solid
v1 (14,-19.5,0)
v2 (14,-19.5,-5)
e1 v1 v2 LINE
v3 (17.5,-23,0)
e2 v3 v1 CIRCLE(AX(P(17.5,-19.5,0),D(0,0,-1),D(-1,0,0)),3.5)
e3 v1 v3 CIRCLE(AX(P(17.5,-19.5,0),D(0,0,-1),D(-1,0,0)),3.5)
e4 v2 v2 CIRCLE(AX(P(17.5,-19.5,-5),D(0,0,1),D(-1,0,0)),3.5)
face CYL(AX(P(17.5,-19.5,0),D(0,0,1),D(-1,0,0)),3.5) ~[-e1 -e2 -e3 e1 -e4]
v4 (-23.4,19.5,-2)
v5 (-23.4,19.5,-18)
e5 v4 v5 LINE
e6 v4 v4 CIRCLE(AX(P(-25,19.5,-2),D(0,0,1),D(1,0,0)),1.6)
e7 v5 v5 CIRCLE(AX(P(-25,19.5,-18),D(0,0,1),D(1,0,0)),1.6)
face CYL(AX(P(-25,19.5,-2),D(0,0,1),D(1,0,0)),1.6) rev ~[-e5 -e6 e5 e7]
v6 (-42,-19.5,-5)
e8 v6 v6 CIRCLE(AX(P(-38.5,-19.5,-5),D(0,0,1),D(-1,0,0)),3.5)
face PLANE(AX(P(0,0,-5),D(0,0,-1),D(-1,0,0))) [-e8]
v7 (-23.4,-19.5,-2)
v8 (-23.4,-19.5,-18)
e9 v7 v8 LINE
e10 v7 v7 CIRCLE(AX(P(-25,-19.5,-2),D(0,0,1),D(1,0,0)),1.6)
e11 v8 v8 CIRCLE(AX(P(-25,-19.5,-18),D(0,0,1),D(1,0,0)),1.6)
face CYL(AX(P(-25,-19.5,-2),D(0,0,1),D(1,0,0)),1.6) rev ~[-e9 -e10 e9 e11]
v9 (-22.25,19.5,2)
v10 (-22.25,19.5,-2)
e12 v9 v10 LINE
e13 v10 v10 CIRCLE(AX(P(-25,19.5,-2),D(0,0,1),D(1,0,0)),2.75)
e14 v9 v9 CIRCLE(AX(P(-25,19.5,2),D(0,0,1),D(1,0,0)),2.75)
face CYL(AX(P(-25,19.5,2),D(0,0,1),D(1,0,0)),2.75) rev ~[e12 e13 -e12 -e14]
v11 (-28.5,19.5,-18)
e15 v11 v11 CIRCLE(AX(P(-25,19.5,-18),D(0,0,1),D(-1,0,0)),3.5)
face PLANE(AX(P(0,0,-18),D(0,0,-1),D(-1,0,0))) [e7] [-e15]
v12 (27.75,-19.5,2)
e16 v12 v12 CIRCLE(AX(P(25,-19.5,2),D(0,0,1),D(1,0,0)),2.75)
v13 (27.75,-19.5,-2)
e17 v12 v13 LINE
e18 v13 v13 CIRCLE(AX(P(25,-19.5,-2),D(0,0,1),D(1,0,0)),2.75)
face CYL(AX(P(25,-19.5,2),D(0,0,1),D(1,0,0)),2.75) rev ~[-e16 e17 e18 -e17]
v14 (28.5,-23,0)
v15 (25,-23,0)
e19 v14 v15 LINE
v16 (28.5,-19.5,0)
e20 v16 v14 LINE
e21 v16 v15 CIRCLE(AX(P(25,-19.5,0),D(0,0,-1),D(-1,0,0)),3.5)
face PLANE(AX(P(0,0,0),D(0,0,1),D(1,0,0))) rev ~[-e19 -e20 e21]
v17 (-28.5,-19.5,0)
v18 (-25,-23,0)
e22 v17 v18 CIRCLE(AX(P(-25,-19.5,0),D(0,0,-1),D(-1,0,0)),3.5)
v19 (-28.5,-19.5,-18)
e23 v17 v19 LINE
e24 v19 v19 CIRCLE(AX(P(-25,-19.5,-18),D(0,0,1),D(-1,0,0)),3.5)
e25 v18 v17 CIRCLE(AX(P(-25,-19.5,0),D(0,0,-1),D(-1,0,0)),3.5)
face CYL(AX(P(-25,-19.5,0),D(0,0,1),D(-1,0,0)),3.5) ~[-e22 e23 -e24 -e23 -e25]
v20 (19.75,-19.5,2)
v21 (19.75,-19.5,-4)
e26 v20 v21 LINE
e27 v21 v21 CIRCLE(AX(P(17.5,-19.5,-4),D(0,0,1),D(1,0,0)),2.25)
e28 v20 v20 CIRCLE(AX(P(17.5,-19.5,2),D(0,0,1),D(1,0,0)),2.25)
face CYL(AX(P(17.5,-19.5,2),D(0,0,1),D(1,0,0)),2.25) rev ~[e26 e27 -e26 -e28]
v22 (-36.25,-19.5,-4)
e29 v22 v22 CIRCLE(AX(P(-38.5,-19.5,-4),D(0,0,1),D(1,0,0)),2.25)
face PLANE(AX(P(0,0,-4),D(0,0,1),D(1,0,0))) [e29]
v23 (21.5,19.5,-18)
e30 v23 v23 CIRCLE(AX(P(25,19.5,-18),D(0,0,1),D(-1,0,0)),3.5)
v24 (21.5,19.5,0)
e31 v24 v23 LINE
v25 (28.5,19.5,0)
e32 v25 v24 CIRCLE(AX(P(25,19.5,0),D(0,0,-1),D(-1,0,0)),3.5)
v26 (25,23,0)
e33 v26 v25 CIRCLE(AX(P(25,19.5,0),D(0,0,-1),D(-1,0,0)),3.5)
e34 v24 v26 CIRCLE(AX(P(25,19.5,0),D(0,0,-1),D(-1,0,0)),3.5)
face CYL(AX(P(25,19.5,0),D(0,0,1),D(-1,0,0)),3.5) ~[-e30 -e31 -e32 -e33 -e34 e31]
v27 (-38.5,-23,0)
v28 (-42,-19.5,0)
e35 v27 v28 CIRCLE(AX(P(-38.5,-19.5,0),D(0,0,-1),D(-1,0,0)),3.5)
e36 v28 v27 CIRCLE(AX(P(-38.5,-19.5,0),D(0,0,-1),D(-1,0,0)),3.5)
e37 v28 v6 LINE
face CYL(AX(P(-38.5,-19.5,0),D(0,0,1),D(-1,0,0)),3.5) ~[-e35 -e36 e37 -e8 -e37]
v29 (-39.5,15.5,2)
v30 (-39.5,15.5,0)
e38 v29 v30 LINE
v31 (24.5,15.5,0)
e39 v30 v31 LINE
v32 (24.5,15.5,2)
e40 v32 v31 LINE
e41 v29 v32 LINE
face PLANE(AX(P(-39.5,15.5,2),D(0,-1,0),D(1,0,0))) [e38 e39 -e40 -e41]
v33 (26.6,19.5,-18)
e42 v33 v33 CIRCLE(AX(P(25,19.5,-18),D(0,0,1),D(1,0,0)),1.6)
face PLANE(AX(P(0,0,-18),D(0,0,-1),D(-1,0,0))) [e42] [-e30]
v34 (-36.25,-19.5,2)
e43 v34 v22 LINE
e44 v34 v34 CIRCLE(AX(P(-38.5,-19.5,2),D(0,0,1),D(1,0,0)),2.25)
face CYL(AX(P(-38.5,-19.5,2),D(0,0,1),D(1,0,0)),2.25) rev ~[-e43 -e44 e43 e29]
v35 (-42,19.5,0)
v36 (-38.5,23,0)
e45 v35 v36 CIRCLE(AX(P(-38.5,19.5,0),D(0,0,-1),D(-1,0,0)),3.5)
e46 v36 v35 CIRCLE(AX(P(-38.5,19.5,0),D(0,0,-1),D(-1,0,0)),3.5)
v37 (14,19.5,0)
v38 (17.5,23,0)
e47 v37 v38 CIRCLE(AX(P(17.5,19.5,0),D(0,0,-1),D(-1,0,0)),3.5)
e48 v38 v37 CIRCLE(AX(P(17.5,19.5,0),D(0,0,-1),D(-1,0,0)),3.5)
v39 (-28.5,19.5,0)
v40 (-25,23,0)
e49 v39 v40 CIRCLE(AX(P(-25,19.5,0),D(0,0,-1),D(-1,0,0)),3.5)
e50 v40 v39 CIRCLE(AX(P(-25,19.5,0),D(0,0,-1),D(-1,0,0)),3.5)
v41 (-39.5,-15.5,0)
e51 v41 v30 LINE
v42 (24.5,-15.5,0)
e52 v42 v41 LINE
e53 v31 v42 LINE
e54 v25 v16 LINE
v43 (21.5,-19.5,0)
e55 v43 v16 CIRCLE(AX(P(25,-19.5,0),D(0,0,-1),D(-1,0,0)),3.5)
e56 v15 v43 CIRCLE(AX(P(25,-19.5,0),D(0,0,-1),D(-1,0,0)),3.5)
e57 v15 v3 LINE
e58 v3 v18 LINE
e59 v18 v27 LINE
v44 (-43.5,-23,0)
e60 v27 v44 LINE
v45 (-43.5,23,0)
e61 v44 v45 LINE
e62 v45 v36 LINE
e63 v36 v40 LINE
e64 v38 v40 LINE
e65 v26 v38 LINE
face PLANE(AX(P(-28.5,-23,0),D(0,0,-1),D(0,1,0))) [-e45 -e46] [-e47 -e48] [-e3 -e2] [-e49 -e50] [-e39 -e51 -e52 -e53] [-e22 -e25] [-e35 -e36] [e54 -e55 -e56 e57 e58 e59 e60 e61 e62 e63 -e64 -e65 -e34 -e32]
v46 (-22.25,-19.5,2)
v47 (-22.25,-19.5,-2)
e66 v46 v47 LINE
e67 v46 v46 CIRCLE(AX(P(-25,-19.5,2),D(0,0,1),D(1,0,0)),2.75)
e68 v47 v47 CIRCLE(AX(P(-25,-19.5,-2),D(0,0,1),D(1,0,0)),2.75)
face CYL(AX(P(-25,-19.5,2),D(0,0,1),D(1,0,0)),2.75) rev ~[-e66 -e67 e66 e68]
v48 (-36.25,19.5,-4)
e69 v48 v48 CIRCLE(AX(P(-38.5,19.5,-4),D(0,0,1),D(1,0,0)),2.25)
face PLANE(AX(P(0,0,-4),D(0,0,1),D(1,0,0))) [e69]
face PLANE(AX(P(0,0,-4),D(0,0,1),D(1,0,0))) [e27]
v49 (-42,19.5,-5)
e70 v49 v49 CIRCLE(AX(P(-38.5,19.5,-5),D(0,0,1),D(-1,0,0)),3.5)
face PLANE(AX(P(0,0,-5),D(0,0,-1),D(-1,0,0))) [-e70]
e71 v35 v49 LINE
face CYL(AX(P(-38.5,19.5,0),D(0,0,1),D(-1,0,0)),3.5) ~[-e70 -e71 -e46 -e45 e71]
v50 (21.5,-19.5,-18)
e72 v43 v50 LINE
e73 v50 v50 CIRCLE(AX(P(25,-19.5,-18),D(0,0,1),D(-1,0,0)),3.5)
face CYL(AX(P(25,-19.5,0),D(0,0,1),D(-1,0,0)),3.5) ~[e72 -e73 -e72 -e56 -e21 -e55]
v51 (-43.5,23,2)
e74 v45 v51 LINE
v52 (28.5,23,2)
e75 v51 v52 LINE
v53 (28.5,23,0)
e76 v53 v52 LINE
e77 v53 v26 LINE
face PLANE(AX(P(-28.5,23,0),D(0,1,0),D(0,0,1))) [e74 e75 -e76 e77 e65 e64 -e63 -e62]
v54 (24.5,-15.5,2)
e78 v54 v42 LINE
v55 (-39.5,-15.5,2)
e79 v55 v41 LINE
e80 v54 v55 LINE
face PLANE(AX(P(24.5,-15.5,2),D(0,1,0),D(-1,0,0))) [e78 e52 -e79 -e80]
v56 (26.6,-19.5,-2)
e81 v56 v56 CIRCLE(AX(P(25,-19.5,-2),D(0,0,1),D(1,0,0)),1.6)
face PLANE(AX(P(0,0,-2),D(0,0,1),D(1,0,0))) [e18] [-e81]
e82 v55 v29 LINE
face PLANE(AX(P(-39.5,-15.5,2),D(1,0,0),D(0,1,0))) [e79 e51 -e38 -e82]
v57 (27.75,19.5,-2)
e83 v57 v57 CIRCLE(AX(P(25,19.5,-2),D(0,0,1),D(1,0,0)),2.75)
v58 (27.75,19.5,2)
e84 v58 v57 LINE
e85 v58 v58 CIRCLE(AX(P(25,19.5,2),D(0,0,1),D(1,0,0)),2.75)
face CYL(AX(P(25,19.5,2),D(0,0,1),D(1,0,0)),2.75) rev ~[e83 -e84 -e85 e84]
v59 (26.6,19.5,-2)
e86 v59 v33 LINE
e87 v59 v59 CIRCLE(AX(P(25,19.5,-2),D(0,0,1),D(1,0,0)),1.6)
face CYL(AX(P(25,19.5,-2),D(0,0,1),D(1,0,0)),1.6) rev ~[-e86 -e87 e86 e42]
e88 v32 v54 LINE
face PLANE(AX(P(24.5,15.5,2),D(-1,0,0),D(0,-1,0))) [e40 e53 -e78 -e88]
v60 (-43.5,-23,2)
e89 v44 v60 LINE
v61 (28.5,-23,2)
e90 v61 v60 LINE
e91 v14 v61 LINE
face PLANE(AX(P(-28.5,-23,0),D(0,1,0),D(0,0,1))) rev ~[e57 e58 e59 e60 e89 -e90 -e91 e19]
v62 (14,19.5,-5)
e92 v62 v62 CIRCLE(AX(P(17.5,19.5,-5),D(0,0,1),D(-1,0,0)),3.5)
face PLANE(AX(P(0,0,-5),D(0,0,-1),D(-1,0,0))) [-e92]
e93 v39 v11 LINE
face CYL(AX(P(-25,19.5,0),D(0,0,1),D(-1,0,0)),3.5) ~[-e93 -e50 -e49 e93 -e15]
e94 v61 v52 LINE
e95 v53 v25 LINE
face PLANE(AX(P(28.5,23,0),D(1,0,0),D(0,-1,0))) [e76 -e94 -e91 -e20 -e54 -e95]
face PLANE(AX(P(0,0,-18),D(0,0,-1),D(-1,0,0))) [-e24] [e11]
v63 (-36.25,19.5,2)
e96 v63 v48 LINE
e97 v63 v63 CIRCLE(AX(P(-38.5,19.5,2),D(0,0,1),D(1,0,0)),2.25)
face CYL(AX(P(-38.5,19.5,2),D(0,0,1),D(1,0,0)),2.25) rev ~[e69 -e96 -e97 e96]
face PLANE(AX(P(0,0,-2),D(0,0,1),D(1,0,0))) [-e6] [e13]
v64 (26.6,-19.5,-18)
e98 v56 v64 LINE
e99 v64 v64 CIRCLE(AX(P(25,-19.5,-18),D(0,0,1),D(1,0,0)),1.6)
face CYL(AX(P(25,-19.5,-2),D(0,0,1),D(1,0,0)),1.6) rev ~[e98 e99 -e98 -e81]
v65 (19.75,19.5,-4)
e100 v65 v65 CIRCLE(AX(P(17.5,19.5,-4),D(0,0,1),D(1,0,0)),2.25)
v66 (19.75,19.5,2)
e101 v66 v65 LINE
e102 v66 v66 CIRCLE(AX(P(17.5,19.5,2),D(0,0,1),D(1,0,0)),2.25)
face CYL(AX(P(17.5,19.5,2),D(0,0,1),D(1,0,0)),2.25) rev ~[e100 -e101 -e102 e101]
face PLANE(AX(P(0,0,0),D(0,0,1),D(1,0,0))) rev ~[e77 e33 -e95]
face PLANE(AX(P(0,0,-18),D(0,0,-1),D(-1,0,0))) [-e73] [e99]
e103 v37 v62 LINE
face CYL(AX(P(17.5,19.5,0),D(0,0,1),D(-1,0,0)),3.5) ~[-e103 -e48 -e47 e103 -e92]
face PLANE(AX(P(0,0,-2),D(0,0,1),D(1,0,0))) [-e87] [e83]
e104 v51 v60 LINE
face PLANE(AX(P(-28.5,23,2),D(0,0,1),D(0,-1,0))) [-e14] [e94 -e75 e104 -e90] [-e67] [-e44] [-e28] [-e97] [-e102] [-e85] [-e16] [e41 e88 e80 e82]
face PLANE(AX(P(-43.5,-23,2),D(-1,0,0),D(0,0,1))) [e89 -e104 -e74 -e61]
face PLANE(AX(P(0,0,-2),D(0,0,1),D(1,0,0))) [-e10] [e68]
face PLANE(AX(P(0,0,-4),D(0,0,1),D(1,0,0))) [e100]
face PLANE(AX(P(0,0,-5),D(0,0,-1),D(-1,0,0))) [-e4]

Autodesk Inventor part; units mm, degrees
ref_plane "YZ Plane" through (0, 0, 0) normal (1, 0, 0) x (0, 1, 0)
ref_plane "XZ Plane" through (0, 0, 0) normal (0, 1, 0) x (-1, 0, 0)
ref_plane "XY Plane" through (0, 0, 0) normal (0, 0, 1) x (1, 0, 0)
sketch "Skizze1" plane through (0, 0, 0) normal (0, 0, 1) x (1, 0, 0)
  line L0 (-28.5, 23) -> (28.5, 23)
  line L1 (28.5, 23) -> (28.5, -23)
  line L2 (28.5, -23) -> (-28.5, -23)
  line L3 (-28.5, -23) -> (-28.5, 23)
  line L4 (0, 32.2) -> (0, -32.2) projected
  line L5 (-39.9, 0) -> (39.9, 0) projected
  point P0 (0, 0)
  point P1 (0, 23)
  point P2 (-28.5, 0)
  dimension "d0" = 57
  dimension "d1" = 46
extrude "Extrusion1" add sketch "Skizze1" along normal blind 2
sketch "Skizze2" plane through (0, 0, 0) normal (0, 0, -1) x (-1, 0, 0)
  circle A0 centre (25, -19.5) radius 3.5
  circle A1 centre (-25, -19.5) radius 3.5
  circle A2 centre (25, 19.5) radius 3.5
  circle A3 centre (-25, 19.5) radius 3.5
  line L0 (28.5, -23) -> (-28.5, -23) projected
  line L1 (28.5, 23) -> (28.5, -23) projected
  line L2 (-28.5, -23) -> (-28.5, 23) projected
  line L3 (-28.5, 23) -> (28.5, 23) projected
  point P0 (0, 0)
  dimension "d4" = 7
  dimension "d5" = 7
  dimension "d6" = 7
  dimension "d7" = 7
  dimension "d8" = 3.5
  dimension "d9" = 3.5
  dimension "d10" = 3.5
  dimension "d11" = 3.5
  dimension "d12" = 3.5
  dimension "d13" = 3.5
  dimension "d14" = 3.5
  dimension "d15" = 3.5
extrude "Extrusion2" add sketch "Skizze2" along normal blind 18 contours A0 | A2 | A1 | A3
sketch "Skizze3" plane through (0, 0, 2) normal (0, 0, 1) x (1, 0, 0)
  circle A0 centre (-25, 19.5) radius 2.75
  circle A1 centre (25, 19.5) radius 2.75
  circle A2 centre (-25, -19.5) radius 2.75
  circle A3 centre (25, -19.5) radius 2.75
  line L0 (28.5, 23) -> (-28.5, 23) projected
  line L1 (-28.5, 23) -> (-28.5, -23) projected
  line L2 (28.5, -23) -> (28.5, 23) projected
  line L3 (-28.5, -23) -> (28.5, -23) projected
  point P0 (0, 0)
  dimension "d18" = 5.5
  dimension "d19" = 5.5
  dimension "d20" = 5.5
  dimension "d21" = 5.5
  dimension "d22" = 3.5
  dimension "d23" = 3.5
  dimension "d24" = 3.5
  dimension "d25" = 3.5
  dimension "d26" = 3.5
  dimension "d27" = 3.5
  dimension "d28" = 3.5
  dimension "d29" = 3.5
extrude "Extrusion3" cut sketch "Skizze3" against normal blind 4 contours A0 | A1 | A2 | A3
sketch "Skizze4" plane through (-25, 19.5, -2) normal (0, 0, 1) x (1, 0, 0)
  circle A0 centre (0, 0) radius 2.75 projected
  circle A1 centre (0, 0) radius 1.6
  circle A2 centre (50, 0) radius 2.75 projected
  circle A3 centre (50, 0) radius 1.6
  circle A4 centre (50, -39) radius 2.75 projected
  circle A5 centre (50, -39) radius 1.6
  circle A6 centre (0, -39) radius 2.75 projected
  circle A7 centre (0, -39) radius 1.6
  point P0 (25, -19.5)
  dimension "d32" = 3.2
  dimension "d33" = 3.2
  dimension "d34" = 3.2
  dimension "d35" = 3.2
extrude "Extrusion4" cut sketch "Skizze4" against normal up to surface (16 mm away) contours A1 | A3 | A5 | A7
sketch "Skizze5" plane through (-28.5, -23, 2) normal (-1, 0, 0) x (0, 0, 1)
  line L0 (-2, 0) -> (0, 0) projected
  line L1 (0, 0) -> (-2, 0)
  line L2 (-2, 0) -> (-2, 46)
  line L3 (-2, 46) -> (0, 46)
  line L4 (0, 46) -> (0, 0)
  point P0 (-2, 23)
extrude "Extrusion5" add sketch "Skizze5" along normal blind 15
sketch "Skizze7" plane through (0, 0, 0) normal (0, 0, -1) x (-1, 0, 0)
  circle A0 centre (38.5, -19.5) radius 3.5
  line L0 (25, -23) -> (43.5, -23) projected
  line L1 (43.5, 23) -> (43.5, -23) projected
  circle A1 centre (38.5, 19.5) radius 3.5
  line L2 (25, 23) -> (43.5, 23) projected
  circle A2 centre (-17.5, 19.5) radius 3.5
  line L3 (-25, 23) -> (25, 23) projected
  line L4 (-28.5, -19.5) -> (-28.5, 19.5) projected
  circle A3 centre (-17.5, -19.5) radius 3.5
  line L5 (25, -23) -> (-25, -23) projected
  line L6 (-28.5, -23) -> (-28.5, -19.5) projected
  point P0 (0, 0)
  dimension "d53" = 7
  dimension "d54" = 3.5
  dimension "d55" = 5
  dimension "d56" = 7
  dimension "d57" = 5
  dimension "d58" = 3.5
  dimension "d59" = 7
  dimension "d60" = 3.5
  dimension "d61" = 11
  dimension "d62" = 7
  dimension "d63" = 3.5
  dimension "d64" = 11
extrude "Extrusion6" add sketch "Skizze7" along normal blind 5
sketch "Skizze6" plane through (0, 0, 2) normal (0, 0, 1) x (1, 0, 0)
  circle A0 centre (17.5, -19.5) radius 2.25
  circle A1 centre (17.5, 19.5) radius 2.25
  circle A2 centre (-38.5, -19.5) radius 2.25
  circle A3 centre (-38.5, 19.5) radius 2.25
  line L0 (-57.9, 0) -> (42.9, 0) projected
  line L1 (-43.5, -23) -> (-43.5, 23) projected
  point P0 (0, 0)
  dimension "d40" = 4.5
  dimension "d41" = 4.5
  dimension "d42" = 4.5
  dimension "d43" = 4.5
  dimension "d44" = 39
  dimension "d45" = 39
  dimension "d46" = 19.5
  dimension "d47" = 19.5
  dimension "d48" = 19.5
  dimension "d49" = 19.5
  dimension "d50" = 56
  dimension "d51" = 5
extrude "Extrusion7" cut sketch "Skizze6" against normal blind 6
sketch "Skizze8" plane through (0, 0, 2) normal (0, 0, 1) x (1, 0, 0)
  line L0 (-39.5, 15.5) -> (24.5, 15.5)
  line L1 (24.5, 15.5) -> (24.5, -15.5)
  line L2 (24.5, -15.5) -> (-39.5, -15.5)
  line L3 (-39.5, -15.5) -> (-39.5, 15.5)
  line L4 (28.5, -23) -> (28.5, 23) projected
  line L5 (28.5, 23) -> (-43.5, 23) projected
  line L6 (-43.5, -23) -> (-43.5, 23) projected
  line L7 (28.5, -23) -> (-43.5, -23) projected
  point P0 (0, 0)
  dimension "d69" = 4
  dimension "d70" = 7.5
  dimension "d71" = 4
  dimension "d72" = 7.5
extrude "Extrusion8" cut sketch "Skizze8" against normal up to surface (2 mm away) contours L0 L1 L2 L3
properties part number "_3D-Druck"
